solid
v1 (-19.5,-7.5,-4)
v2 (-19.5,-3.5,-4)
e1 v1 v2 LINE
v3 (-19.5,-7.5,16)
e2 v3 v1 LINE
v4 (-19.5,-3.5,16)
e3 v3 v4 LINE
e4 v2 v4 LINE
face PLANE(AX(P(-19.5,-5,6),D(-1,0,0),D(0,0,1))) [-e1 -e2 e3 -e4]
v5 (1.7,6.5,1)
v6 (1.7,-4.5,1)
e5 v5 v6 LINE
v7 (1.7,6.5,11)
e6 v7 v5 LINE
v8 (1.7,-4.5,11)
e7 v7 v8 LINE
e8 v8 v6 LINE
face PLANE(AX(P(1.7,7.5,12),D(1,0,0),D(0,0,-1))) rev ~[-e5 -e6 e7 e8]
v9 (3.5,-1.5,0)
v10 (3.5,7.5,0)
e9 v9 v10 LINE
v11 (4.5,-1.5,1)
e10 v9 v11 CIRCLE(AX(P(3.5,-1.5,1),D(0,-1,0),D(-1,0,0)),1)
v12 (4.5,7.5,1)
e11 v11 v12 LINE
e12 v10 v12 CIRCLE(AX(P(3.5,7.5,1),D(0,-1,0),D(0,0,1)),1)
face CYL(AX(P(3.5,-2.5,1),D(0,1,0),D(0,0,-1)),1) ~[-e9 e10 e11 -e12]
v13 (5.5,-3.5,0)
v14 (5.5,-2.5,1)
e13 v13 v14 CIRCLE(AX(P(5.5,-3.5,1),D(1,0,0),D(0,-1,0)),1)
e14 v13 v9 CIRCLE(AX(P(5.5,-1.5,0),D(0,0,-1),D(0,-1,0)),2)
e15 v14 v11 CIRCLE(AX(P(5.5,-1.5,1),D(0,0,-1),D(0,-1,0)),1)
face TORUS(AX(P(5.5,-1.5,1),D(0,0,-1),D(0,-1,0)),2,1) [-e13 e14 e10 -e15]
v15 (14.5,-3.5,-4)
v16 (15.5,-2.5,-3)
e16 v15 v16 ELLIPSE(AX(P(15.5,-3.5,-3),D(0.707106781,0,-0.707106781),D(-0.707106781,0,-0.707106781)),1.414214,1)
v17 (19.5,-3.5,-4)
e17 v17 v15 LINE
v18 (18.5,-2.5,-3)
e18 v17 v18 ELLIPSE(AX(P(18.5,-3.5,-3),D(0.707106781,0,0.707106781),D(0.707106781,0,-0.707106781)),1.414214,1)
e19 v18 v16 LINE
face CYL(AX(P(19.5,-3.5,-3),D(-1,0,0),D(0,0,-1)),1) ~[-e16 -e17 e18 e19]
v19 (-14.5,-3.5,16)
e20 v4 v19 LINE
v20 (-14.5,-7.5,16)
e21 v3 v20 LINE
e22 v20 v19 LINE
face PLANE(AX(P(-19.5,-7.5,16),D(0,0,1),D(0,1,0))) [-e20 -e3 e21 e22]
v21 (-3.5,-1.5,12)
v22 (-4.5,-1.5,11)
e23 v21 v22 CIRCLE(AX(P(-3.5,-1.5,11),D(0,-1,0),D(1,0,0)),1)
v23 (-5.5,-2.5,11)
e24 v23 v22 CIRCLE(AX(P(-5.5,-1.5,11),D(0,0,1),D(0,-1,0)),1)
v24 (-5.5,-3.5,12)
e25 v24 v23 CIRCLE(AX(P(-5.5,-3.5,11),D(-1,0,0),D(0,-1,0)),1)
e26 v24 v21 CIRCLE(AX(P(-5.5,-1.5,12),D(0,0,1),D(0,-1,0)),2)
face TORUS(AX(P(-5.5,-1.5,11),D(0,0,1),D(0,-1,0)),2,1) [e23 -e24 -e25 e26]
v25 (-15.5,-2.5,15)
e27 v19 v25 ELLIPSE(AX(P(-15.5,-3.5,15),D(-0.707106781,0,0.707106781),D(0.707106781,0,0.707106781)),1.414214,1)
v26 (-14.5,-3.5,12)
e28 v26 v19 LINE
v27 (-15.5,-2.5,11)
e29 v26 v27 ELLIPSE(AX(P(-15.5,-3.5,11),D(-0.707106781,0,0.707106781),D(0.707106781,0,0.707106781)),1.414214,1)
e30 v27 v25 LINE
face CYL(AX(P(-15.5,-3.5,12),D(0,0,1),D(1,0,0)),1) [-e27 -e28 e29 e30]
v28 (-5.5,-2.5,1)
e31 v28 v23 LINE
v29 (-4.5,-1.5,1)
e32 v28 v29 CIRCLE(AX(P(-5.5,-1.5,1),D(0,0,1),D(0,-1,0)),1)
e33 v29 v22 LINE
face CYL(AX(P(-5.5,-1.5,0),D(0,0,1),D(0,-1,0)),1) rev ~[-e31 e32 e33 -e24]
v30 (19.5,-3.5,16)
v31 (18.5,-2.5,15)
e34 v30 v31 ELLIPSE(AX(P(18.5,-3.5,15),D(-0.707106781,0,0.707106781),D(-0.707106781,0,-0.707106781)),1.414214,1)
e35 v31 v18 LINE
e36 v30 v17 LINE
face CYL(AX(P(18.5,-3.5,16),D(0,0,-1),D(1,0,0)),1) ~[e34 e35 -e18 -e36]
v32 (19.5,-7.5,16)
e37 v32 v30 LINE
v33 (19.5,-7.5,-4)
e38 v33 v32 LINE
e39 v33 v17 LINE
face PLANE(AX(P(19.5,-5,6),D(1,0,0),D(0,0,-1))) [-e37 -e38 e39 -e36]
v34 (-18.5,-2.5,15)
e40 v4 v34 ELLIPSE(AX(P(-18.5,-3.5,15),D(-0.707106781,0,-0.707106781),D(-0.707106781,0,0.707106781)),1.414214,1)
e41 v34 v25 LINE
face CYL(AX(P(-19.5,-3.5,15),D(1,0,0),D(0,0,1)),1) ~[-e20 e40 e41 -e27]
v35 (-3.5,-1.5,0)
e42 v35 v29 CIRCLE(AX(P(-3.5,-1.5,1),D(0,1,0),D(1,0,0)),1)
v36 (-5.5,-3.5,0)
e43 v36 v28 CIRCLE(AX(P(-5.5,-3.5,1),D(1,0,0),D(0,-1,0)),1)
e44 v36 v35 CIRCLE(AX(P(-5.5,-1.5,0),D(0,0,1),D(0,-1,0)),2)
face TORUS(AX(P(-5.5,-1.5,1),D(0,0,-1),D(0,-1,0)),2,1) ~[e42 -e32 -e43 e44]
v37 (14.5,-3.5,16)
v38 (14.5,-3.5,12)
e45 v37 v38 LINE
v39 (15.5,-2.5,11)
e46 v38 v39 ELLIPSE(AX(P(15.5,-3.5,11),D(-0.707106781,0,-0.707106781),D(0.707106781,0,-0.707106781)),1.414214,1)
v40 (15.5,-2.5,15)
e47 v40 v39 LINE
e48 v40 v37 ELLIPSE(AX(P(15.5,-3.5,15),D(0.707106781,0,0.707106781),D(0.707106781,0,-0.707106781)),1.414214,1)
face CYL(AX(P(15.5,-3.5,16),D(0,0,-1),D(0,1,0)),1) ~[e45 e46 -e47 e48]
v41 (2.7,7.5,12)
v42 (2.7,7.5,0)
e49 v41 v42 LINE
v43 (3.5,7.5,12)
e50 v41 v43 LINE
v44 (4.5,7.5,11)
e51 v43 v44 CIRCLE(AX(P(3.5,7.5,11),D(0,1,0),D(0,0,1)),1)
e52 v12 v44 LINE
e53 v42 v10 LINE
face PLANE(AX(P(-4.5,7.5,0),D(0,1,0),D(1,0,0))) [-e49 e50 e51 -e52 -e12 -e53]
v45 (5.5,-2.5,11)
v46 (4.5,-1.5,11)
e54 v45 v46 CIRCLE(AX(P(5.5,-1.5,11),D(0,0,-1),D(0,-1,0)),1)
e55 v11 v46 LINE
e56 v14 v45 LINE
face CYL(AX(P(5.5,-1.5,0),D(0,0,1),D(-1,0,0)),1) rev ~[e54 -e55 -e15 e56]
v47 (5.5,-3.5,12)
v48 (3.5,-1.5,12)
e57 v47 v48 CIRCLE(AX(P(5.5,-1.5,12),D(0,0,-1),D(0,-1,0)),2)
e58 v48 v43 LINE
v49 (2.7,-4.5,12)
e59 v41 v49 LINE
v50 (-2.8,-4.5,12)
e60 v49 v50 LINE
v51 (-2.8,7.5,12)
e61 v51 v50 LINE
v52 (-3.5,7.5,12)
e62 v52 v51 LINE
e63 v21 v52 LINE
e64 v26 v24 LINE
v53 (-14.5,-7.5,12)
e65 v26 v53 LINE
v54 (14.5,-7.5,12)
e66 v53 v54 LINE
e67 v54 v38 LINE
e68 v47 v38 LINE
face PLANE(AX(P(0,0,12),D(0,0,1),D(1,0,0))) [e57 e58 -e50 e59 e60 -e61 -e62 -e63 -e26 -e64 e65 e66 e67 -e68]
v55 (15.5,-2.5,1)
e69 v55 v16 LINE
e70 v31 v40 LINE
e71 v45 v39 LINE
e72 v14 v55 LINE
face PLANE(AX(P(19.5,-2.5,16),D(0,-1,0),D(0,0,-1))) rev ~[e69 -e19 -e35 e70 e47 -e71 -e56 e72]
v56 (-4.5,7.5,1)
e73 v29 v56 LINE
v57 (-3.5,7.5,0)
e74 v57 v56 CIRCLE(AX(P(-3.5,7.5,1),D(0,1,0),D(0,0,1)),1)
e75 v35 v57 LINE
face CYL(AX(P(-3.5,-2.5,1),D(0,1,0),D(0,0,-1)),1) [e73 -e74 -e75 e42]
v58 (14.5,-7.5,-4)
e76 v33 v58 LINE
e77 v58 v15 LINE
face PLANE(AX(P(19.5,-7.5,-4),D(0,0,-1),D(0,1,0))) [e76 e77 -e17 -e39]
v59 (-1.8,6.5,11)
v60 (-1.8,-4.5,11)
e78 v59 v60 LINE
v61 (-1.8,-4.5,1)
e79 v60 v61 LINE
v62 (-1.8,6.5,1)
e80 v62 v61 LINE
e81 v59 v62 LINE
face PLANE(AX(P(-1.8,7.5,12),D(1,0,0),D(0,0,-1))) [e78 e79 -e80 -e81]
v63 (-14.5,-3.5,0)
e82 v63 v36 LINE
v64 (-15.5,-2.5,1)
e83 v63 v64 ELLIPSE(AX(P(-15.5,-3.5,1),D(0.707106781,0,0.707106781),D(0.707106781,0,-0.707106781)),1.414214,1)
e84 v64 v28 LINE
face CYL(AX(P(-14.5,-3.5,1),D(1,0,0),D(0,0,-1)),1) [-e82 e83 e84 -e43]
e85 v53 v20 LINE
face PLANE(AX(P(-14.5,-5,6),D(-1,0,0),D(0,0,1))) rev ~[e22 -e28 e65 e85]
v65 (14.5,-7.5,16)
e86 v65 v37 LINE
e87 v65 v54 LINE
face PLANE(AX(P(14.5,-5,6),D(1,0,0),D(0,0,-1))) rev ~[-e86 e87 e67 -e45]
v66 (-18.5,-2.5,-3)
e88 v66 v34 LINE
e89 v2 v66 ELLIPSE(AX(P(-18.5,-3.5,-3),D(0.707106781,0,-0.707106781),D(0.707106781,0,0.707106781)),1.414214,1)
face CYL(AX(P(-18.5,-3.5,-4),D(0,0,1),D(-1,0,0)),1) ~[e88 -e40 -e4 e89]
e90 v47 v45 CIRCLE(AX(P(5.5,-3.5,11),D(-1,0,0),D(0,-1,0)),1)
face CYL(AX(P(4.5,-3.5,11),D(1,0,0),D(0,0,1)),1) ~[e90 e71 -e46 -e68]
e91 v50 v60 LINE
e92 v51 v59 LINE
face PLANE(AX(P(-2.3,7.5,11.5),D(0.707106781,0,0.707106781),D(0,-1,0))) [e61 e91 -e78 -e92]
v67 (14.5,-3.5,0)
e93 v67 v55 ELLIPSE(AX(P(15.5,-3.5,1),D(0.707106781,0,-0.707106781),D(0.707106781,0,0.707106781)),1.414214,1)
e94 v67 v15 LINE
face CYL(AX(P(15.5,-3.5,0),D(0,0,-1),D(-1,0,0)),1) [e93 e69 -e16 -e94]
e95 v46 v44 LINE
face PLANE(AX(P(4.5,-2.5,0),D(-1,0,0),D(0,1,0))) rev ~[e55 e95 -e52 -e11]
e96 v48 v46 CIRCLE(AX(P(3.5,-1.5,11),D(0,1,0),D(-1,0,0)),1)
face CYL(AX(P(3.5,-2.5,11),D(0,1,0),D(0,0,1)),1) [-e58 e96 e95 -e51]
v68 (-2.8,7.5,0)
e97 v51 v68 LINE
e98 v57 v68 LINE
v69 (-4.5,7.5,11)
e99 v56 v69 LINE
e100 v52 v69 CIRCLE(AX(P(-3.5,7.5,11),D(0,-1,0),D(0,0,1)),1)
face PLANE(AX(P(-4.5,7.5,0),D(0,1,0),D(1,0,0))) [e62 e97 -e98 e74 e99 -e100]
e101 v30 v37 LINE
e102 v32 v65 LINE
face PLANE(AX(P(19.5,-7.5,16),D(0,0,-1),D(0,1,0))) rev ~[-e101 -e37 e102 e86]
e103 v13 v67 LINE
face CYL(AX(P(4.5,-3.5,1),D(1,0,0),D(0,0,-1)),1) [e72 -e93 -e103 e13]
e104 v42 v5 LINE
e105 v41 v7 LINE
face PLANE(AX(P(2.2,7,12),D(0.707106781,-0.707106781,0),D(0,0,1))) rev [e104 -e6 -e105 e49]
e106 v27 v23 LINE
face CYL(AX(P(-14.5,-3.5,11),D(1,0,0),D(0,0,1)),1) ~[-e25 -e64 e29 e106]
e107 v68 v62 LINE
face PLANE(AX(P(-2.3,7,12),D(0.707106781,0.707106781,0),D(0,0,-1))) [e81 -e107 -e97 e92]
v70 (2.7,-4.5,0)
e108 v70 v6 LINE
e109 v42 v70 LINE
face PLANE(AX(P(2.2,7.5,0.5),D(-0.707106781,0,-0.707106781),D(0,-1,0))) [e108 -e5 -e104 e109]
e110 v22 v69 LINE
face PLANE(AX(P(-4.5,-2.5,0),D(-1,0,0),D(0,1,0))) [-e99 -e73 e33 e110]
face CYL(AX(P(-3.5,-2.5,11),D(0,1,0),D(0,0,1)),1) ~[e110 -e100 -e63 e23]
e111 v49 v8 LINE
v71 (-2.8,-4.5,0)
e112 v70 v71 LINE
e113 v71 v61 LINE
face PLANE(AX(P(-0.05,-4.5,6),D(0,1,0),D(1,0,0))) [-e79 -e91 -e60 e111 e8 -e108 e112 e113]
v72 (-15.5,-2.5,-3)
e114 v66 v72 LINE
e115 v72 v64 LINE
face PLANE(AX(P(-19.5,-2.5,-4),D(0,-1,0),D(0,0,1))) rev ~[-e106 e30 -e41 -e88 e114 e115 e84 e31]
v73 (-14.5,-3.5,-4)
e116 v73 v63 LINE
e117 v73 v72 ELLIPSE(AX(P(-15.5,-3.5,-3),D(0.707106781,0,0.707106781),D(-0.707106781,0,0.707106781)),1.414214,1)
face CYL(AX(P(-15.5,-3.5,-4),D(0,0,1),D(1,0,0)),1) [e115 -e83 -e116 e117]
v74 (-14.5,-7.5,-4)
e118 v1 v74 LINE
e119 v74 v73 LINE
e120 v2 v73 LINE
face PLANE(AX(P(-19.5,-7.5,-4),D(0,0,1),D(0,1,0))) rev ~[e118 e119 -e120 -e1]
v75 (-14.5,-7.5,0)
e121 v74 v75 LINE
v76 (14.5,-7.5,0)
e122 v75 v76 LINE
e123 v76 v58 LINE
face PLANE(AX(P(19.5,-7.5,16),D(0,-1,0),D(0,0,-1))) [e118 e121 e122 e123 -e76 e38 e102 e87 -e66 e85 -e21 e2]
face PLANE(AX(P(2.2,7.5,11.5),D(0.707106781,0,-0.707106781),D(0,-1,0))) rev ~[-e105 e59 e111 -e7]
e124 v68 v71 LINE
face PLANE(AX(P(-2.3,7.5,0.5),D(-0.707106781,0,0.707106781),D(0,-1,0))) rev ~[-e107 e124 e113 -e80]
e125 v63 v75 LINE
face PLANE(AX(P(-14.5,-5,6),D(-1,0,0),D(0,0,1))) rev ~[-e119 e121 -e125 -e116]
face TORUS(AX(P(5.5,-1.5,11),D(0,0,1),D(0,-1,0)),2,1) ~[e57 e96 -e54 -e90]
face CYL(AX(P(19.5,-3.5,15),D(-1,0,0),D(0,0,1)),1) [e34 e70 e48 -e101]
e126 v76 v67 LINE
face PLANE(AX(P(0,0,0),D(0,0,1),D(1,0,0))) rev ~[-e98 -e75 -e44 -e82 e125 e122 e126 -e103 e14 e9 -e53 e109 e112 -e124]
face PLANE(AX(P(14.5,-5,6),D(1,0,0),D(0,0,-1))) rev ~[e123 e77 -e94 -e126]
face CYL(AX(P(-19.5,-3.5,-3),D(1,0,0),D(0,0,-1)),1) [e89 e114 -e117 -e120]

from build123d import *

# Parameters (mm, degrees)
SKETCH1_W           = 9
SKETCH1_H           = 15
SKETCH1_W_2         = 15
SKETCH1_H_2         = 5
BOSS_EXTRUDE1_DEPTH = 12
SKETCH2_W           = 3.5
SKETCH2_H           = 12
CUT_EXTRUDE1_DEPTH  = 12
SKETCH3_W           = 20
SKETCH3_H           = 5
BOSS_EXTRUDE2_DEPTH = 5
SKETCH4_W           = 20
SKETCH4_H           = 5
BOSS_EXTRUDE3_DEPTH = 5
CHAMFER1_SIZE       = 1
FILLET1_R           = 1


with BuildPart() as part:
    # Sketch1 → Boss-Extrude1 (new body)
    with BuildSketch(Plane.XY):
        Rectangle(SKETCH1_W, SKETCH1_H)
        with Locations((-12, -5)):
            Rectangle(SKETCH1_W_2, SKETCH1_H_2)
        with Locations((12, -5)):
            Rectangle(SKETCH1_W_2, SKETCH1_H_2)
    extrude(amount=BOSS_EXTRUDE1_DEPTH)

    # Sketch2 → Cut-Extrude1 (cut)
    with BuildSketch(Plane(origin=(0, 7.5, 0), x_dir=(1, 0, 0), z_dir=(0, 1, 0))):
        with Locations((-0.05, -6)):
            Rectangle(SKETCH2_W, SKETCH2_H)
    extrude(amount=-CUT_EXTRUDE1_DEPTH, mode=Mode.SUBTRACT)

    # Sketch3 → Boss-Extrude2 (add)
    with BuildSketch(Plane.ZY.offset(19.5)):
        with Locations((6, -5)):
            Rectangle(SKETCH3_W, SKETCH3_H)
    extrude(amount=-BOSS_EXTRUDE2_DEPTH)

    # Sketch4 → Boss-Extrude3 (add)
    with BuildSketch(Plane(origin=(19.5, 0, 0), x_dir=(0, 0, -1), z_dir=(1, 0, 0))):
        with Locations((-6, -5)):
            Rectangle(SKETCH4_W, SKETCH4_H)
    extrude(amount=-BOSS_EXTRUDE3_DEPTH)

    # Chamfer1
    chamfer1_edges = [part.edges().sort_by_distance(p)[0] for p in [
        (-1.8, 1.5, 12),
        (-1.8, 1.5, 0),
        (1.7, 1.5, 0),
        (1.7, 1.5, 12),
        (-1.8, 7.5, 6),
        (1.7, 7.5, 6),
    ]]
    chamfer(chamfer1_edges, length=CHAMFER1_SIZE)

    # Fillet1
    fillet1_edges = [part.edges().sort_by_distance(p)[0] for p in [
        (9.5, -2.5, 0),
        (-9.5, -2.5, 0),
        (-4.5, 2.5, 0),
        (4.5, 2.5, 0),
        (-4.5, 2.5, 12),
        (4.5, -2.5, 6),
        (19.5, -2.5, 6),
        (-19.5, -2.5, 6),
        (-4.5, -2.5, 6),
        (-9.5, -2.5, 12),
        (9.5, -2.5, 12),
        (-14.5, -2.5, -2),
        (4.5, 2.5, 12),
        (-17, -2.5, -4),
        (-14.5, -2.5, 14),
        (-17, -2.5, 16),
        (14.5, -2.5, -2),
        (14.5, -2.5, 14),
        (17, -2.5, 16),
        (17, -2.5, -4),
    ]]
    fillet(fillet1_edges, radius=FILLET1_R)


solid = part.part
